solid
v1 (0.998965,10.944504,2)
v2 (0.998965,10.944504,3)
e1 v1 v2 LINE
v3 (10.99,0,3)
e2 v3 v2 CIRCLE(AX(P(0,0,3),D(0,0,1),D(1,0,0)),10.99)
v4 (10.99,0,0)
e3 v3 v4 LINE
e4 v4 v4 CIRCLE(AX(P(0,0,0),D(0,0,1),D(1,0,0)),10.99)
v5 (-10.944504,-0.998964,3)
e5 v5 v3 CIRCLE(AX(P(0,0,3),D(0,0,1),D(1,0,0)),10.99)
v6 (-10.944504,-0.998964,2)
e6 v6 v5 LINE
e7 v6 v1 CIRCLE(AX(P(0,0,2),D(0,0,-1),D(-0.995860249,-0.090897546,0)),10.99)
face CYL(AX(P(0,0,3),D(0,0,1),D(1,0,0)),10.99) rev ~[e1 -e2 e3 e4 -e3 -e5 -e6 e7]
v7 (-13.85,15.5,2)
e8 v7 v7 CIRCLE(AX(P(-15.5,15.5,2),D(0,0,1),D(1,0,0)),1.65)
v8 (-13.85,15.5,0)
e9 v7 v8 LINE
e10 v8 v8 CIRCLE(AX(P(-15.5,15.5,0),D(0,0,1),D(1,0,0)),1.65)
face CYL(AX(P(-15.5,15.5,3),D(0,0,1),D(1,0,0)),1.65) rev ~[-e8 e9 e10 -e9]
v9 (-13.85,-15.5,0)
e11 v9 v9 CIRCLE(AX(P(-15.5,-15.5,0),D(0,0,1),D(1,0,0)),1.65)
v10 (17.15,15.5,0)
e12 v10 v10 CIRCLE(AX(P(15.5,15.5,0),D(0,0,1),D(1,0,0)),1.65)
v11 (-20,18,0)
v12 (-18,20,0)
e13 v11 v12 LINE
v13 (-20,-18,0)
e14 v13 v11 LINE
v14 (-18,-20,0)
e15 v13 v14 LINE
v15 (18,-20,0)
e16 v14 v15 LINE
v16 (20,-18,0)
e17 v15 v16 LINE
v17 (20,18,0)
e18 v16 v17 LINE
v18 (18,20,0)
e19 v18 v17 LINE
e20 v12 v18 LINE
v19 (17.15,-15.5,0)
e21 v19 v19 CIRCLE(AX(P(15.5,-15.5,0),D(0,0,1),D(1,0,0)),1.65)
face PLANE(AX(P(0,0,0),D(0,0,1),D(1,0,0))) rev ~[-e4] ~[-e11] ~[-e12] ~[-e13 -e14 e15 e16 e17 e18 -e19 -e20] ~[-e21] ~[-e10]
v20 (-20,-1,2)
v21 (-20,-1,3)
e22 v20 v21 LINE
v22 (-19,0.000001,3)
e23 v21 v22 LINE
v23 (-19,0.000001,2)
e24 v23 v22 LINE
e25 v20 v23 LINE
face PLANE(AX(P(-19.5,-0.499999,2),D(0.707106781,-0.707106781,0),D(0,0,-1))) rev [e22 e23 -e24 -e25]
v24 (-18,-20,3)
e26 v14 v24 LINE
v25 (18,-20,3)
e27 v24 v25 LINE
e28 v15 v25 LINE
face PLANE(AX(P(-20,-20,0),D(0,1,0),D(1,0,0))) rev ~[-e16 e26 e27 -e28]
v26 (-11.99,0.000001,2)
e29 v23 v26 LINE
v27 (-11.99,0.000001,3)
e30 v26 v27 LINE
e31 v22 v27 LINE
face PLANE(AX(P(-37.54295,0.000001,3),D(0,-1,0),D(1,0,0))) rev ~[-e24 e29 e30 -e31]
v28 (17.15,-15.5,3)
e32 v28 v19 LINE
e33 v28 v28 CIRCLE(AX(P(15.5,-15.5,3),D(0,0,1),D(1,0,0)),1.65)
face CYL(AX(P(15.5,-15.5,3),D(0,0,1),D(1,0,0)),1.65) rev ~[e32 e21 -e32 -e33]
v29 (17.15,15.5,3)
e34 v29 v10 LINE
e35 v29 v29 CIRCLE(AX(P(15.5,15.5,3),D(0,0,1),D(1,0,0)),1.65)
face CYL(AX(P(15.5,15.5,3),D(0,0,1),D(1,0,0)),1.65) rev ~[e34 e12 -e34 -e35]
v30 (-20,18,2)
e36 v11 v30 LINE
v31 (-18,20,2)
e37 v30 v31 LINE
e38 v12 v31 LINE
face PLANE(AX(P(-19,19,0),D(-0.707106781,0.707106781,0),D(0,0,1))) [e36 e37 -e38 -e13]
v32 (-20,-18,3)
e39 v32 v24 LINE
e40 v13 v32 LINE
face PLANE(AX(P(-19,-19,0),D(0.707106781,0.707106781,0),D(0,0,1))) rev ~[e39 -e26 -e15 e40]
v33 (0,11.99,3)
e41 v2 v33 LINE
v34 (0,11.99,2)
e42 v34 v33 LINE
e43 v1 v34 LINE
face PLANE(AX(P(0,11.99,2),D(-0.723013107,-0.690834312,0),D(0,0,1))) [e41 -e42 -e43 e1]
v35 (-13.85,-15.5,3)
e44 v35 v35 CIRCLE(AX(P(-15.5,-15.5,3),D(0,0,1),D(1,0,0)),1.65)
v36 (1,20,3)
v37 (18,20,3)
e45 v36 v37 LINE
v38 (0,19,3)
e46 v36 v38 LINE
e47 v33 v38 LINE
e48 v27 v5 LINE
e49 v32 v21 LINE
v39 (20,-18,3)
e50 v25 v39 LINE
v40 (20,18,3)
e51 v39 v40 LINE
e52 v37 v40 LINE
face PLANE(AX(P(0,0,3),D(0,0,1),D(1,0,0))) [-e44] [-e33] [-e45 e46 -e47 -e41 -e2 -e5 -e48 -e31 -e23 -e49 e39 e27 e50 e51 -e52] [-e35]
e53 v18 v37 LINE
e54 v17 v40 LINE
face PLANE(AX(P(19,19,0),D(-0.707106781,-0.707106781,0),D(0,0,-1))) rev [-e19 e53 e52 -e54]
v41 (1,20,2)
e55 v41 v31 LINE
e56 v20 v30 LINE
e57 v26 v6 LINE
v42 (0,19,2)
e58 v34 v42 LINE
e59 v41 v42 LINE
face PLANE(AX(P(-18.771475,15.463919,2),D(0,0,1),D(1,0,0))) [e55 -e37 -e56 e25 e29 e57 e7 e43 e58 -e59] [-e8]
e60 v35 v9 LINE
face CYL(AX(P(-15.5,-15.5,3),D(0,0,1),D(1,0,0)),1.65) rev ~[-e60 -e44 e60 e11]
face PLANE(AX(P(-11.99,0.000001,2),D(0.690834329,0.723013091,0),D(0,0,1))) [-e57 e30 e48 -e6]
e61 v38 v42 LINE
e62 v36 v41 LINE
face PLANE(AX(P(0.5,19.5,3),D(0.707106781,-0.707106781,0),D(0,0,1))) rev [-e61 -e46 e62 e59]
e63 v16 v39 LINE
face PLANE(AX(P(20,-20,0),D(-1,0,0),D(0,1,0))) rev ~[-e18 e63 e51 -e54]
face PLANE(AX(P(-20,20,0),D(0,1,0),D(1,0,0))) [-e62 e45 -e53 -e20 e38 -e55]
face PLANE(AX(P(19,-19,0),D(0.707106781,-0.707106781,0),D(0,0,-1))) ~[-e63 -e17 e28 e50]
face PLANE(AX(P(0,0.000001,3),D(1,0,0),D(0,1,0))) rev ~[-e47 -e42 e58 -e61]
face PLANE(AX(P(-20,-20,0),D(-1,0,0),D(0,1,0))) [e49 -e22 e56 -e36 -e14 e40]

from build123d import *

# Parameters (mm, degrees)
SKETCH_W        = 40
SKETCH_H        = 40
PAD_DEPTH       = 3
SKETCH001_R     = 10.99
SKETCH001_R_2   = 1.65
POCKET_DEPTH    = 5
SKETCH003_W     = 37.54295
SKETCH003_H     = 30.927837
POCKET001_DEPTH = 1
CHAMFER_SIZE    = 2
CHAMFER001_SIZE = 1


with BuildPart() as part:
    # Sketch → Pad (new body)
    with BuildSketch(Plane.XY):
        Rectangle(SKETCH_W, SKETCH_H)
    extrude(amount=PAD_DEPTH)

    # Sketch001 (on Face6 of Pad) → Pocket (cut)
    with BuildSketch(Plane.XY.offset(3)):
        Circle(SKETCH001_R)
        with Locations((-15.5, 15.5)):
            Circle(SKETCH001_R_2)
        with Locations((15.5, 15.5)):
            Circle(SKETCH001_R_2)
        with Locations((-15.5, -15.5)):
            Circle(SKETCH001_R_2)
        with Locations((15.5, -15.5)):
            Circle(SKETCH001_R_2)
    extrude(amount=-POCKET_DEPTH, mode=Mode.SUBTRACT)

    # Sketch003 (on Face5 of Pocket) → Pocket001 (cut)
    with BuildSketch(Plane.XY.offset(3)):
        with Locations((-18.771475, 15.463919)):
            Rectangle(SKETCH003_W, SKETCH003_H)
    extrude(amount=-POCKET001_DEPTH, mode=Mode.SUBTRACT)

    # Chamfer
    chamfer_edges = [part.edges().sort_by_distance(p)[0] for p in [
        (-20, -20, 1.5),
        (20, -20, 1.5),
        (20, 20, 1.5),
        (-20, 20, 1),
    ]]
    chamfer(chamfer_edges, length=CHAMFER_SIZE)

    # Chamfer001
    chamfer001_edges = [part.edges().sort_by_distance(p)[0] for p in [
        (-10.99, 0, 2.5),
        (0, 20, 2.5),
        (0, 10.99, 2.5),
        (-20, 0, 2.5),
    ]]
    chamfer(chamfer001_edges, length=CHAMFER001_SIZE)


solid = part.part
